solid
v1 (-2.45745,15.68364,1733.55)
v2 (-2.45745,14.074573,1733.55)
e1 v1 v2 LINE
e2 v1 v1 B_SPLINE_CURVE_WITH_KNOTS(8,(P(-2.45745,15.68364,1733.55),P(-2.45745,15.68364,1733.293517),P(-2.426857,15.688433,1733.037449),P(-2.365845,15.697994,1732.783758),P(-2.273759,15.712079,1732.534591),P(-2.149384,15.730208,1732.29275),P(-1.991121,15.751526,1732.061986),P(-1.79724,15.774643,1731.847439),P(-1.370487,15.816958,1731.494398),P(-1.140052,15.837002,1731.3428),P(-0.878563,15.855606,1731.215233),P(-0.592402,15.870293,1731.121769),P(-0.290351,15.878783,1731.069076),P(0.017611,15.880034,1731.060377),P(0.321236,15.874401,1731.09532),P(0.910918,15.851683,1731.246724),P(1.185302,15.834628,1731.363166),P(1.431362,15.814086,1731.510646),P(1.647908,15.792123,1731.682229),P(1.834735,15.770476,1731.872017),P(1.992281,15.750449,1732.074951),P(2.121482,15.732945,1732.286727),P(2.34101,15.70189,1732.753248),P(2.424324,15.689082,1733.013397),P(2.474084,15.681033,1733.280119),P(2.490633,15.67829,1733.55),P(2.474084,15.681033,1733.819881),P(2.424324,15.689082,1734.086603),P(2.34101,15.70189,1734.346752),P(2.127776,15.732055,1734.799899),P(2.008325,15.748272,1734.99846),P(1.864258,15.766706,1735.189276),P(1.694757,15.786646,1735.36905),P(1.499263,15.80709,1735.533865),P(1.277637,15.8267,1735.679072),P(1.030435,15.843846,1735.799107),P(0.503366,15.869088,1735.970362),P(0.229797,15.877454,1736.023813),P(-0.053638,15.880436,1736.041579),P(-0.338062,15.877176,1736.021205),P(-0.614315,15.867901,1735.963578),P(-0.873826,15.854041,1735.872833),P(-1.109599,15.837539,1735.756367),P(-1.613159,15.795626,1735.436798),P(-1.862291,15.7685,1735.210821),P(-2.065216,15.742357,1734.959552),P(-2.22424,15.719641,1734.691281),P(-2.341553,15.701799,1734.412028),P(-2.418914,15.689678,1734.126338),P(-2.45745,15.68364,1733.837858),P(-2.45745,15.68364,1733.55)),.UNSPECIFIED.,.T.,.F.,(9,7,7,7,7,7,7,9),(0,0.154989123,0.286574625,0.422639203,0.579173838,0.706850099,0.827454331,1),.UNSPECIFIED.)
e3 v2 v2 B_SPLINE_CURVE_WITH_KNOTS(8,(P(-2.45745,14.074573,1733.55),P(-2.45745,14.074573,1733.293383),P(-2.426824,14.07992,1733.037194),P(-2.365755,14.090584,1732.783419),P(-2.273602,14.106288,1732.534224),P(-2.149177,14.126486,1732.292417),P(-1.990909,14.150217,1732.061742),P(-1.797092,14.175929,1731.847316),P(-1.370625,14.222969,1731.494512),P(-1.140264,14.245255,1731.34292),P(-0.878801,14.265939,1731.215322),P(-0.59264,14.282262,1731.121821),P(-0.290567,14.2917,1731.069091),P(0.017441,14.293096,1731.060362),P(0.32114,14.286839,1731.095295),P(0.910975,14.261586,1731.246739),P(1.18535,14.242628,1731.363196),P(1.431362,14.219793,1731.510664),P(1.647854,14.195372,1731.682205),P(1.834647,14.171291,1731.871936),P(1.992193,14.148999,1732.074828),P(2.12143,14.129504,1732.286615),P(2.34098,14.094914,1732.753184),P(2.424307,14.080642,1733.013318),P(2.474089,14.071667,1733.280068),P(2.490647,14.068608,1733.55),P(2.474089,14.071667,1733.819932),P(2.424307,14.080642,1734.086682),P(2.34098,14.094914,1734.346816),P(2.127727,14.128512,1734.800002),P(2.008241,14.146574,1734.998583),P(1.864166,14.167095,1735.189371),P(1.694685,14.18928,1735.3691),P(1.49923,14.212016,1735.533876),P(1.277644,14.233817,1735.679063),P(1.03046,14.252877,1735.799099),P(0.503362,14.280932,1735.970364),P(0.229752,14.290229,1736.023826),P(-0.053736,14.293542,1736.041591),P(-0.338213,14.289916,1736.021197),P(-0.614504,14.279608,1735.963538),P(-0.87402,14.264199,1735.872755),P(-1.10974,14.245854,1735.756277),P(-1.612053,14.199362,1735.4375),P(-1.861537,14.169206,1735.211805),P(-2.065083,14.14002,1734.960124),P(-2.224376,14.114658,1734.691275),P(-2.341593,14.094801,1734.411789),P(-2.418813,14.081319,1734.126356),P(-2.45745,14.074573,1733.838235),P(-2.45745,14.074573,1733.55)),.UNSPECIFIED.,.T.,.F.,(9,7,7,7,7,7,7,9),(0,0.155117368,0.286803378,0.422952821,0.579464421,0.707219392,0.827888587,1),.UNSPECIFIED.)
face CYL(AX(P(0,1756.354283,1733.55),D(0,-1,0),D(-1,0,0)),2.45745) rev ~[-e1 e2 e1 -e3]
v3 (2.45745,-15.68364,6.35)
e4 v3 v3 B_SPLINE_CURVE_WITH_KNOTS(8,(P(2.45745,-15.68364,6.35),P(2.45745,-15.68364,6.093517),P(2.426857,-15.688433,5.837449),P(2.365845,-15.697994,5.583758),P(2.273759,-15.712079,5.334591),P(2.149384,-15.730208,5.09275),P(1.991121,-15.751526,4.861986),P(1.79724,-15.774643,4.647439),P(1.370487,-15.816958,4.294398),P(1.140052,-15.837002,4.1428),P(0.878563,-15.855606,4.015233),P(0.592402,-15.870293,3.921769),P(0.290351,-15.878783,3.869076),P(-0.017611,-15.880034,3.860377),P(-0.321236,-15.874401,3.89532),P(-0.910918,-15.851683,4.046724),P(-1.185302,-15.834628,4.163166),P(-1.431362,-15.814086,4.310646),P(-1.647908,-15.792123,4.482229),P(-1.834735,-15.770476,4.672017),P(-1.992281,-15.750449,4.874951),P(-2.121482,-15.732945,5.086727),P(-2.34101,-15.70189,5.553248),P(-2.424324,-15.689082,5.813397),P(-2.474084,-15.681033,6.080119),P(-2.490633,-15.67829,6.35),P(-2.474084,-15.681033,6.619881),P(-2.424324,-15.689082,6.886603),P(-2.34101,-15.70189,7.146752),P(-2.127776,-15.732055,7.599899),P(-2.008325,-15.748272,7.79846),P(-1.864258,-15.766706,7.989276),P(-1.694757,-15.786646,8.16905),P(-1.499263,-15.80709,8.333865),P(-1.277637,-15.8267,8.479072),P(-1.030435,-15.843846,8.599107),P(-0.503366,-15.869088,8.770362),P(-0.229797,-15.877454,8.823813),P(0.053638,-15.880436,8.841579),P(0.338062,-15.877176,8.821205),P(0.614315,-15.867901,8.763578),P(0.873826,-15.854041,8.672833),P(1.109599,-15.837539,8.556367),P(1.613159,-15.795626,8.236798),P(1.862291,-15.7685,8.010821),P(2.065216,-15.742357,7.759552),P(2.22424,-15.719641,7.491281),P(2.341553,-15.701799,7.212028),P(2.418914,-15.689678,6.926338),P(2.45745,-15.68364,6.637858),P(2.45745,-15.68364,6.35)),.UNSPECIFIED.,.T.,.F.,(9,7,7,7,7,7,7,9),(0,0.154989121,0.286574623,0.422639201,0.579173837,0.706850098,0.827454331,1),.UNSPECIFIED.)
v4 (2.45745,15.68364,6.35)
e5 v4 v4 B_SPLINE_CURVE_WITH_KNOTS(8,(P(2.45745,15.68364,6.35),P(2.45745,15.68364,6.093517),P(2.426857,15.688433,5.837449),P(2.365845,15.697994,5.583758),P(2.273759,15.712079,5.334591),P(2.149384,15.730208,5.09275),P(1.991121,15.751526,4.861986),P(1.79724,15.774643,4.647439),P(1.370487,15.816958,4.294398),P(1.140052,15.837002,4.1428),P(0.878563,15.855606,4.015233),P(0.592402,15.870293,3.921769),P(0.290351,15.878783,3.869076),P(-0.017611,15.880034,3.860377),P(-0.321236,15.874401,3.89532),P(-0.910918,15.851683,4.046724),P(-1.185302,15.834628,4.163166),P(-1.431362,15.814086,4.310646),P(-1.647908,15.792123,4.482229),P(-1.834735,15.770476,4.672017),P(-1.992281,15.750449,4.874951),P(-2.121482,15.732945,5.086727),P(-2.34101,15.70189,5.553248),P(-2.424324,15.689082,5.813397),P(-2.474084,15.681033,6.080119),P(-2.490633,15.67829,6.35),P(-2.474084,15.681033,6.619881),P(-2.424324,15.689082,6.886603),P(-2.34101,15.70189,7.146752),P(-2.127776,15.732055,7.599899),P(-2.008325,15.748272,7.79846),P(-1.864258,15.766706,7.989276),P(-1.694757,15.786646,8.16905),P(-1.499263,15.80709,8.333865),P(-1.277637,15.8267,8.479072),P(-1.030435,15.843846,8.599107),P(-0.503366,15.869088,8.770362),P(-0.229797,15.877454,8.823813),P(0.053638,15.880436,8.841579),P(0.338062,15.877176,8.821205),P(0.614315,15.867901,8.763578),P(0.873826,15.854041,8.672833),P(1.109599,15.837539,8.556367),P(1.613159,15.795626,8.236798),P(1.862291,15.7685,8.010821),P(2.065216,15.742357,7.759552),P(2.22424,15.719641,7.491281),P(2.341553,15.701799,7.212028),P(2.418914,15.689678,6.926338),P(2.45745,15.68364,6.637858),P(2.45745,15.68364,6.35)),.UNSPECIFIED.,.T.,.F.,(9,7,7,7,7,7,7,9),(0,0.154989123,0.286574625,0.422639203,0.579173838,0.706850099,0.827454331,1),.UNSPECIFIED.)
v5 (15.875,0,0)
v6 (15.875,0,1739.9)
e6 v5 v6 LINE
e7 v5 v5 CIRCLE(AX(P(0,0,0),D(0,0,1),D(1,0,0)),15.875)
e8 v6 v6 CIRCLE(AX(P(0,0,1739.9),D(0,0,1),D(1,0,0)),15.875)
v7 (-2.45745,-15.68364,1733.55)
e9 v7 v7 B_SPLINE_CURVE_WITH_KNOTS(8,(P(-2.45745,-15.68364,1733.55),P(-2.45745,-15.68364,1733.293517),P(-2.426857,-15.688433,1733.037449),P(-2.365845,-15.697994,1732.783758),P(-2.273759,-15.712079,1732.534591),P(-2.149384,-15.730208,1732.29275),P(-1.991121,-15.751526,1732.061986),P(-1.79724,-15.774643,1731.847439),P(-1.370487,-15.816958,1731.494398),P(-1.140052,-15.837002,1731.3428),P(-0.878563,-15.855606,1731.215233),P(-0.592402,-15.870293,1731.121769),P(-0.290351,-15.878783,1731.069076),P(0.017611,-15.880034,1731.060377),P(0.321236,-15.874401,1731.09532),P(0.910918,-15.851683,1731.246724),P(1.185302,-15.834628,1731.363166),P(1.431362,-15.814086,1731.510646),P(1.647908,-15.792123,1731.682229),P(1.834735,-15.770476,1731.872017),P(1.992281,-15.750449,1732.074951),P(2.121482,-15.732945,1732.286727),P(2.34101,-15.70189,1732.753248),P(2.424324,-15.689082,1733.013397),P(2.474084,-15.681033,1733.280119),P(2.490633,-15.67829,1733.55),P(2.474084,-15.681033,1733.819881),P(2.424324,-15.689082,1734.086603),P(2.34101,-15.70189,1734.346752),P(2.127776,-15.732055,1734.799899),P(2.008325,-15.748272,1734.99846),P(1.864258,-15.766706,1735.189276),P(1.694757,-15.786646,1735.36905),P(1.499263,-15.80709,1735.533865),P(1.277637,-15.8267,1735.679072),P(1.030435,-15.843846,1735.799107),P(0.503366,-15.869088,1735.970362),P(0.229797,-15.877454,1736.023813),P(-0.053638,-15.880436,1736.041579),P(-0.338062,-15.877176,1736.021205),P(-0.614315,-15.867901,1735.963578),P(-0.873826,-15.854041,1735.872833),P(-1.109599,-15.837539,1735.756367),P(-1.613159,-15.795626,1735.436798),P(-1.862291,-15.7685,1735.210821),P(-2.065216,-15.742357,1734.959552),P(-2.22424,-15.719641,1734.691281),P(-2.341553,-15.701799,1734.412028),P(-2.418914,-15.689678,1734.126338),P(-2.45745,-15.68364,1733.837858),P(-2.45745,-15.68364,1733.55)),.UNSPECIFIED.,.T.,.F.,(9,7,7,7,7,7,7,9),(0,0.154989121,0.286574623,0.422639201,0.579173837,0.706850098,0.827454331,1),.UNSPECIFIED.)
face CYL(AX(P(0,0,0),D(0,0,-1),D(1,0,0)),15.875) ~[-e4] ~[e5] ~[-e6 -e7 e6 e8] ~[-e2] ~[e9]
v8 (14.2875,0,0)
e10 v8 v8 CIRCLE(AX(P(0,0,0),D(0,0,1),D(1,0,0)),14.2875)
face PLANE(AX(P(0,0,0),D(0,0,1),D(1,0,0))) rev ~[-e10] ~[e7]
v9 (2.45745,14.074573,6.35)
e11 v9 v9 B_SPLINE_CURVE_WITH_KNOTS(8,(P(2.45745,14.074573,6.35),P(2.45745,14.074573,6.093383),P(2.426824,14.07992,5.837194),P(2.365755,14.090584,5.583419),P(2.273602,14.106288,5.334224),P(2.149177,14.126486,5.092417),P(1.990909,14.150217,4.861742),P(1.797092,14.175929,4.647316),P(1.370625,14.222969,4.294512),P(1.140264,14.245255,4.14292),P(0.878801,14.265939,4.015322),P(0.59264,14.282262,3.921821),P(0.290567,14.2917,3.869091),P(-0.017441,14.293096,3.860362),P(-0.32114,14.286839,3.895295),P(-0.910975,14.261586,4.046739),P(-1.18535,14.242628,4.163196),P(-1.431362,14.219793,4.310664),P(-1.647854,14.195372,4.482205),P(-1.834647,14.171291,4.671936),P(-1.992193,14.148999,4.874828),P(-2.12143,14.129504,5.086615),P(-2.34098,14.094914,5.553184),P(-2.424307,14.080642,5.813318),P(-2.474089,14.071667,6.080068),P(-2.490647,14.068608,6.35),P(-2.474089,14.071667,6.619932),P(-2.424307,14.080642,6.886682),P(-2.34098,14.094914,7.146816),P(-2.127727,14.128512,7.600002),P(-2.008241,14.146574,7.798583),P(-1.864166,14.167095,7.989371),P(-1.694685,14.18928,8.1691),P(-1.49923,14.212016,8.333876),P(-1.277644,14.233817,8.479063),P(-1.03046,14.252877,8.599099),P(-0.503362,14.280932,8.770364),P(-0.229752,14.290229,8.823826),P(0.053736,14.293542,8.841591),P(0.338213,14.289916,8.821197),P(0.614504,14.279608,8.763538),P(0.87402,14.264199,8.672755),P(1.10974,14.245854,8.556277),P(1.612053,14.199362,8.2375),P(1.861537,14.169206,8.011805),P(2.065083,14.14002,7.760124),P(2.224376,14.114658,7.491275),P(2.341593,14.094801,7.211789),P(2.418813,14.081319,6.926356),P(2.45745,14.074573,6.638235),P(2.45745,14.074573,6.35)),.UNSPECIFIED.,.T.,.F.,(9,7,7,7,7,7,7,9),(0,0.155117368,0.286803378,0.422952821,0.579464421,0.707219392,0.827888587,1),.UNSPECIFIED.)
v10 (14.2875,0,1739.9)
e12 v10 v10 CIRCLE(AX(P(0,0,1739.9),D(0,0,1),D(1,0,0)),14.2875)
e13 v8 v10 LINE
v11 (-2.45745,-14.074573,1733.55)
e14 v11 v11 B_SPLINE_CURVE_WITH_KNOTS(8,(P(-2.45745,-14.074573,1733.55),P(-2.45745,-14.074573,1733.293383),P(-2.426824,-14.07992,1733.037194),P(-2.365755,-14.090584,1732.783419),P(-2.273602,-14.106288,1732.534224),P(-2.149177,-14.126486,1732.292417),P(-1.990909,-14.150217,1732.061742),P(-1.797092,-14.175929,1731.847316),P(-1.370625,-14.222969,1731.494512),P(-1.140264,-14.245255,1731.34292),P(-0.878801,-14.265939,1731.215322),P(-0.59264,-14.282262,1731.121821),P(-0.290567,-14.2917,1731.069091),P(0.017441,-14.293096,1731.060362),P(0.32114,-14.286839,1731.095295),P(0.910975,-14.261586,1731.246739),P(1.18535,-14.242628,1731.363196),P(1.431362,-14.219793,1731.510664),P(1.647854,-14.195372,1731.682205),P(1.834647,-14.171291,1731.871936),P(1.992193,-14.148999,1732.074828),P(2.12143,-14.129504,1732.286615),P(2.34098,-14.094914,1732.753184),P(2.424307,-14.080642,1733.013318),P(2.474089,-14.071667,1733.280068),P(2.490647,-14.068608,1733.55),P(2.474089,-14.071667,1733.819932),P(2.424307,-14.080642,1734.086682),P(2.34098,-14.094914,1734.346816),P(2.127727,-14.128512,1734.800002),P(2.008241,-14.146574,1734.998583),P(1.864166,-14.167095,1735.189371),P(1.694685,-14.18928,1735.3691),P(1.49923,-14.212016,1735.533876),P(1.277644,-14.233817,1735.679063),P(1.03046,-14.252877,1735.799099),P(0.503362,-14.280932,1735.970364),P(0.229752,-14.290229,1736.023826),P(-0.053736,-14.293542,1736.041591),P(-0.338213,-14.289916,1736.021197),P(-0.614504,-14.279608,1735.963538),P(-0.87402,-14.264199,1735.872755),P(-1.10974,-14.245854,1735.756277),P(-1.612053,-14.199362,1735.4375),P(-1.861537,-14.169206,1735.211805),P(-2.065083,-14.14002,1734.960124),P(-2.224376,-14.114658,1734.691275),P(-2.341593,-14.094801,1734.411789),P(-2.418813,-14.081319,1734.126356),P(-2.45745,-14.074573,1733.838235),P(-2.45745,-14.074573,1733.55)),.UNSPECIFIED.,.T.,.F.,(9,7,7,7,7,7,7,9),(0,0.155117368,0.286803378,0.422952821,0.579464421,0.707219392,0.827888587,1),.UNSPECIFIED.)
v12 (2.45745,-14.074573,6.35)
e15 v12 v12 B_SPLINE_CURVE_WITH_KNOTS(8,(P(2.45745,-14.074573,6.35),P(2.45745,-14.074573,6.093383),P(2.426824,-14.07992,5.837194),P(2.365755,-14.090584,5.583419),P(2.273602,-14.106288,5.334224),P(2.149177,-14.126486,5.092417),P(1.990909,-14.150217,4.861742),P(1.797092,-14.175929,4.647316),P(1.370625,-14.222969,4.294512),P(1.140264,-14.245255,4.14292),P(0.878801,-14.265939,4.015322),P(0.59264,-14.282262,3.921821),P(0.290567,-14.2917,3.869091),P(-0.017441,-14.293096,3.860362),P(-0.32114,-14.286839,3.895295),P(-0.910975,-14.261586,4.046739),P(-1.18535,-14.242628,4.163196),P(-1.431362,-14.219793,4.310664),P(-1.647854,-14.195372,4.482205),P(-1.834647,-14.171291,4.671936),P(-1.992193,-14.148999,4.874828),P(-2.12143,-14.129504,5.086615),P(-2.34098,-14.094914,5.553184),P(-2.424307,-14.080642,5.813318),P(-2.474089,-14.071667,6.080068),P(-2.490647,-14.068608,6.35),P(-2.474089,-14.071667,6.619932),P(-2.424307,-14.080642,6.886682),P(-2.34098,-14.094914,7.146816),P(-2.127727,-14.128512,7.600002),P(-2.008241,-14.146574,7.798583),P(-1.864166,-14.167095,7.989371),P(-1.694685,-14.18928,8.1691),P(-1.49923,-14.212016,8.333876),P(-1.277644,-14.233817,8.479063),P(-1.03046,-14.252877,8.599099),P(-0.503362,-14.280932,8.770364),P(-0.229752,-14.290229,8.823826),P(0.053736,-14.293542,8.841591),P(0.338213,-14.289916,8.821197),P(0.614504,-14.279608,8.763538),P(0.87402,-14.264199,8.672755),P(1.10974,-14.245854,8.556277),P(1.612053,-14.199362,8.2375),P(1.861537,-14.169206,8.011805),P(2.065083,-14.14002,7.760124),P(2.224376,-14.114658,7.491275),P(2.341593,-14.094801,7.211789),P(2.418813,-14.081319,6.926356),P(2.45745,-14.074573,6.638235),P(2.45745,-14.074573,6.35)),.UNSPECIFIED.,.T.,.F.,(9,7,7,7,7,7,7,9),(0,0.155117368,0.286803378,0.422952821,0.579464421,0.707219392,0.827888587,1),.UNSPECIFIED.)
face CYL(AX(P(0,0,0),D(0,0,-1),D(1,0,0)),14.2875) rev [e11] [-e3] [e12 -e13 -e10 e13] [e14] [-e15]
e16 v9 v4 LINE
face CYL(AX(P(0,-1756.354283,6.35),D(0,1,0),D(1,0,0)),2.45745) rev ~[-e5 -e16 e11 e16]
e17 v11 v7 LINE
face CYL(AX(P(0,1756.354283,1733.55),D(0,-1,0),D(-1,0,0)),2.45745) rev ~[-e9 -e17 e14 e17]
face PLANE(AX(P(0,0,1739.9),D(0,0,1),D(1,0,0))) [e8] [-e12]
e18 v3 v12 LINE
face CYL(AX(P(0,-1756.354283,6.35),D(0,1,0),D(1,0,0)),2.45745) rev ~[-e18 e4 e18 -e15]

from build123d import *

# Parameters (mm, degrees)
SKETCH1_R                    = 15.875
SKETCH1_R_2                  = 14.2875
BOSS_EXTRUDE1_DEPTH          = 1739.9
F_10_0_1935_DIAMETER_HOLE1_D = 4.9149
F_10_0_1935_DIAMETER_HOLE2_D = 4.9149


with BuildPart() as part:
    # Sketch1 → Boss-Extrude1 (new body)
    with BuildSketch(Plane.XY):
        Circle(SKETCH1_R)
        Circle(SKETCH1_R_2, mode=Mode.SUBTRACT)
    extrude(amount=BOSS_EXTRUDE1_DEPTH)

    # #10 (0.1935) Diameter Hole1 (through all)
    with Locations(Plane(origin=(0, -15.875, 6.35), x_dir=(-1, 0, 0), z_dir=(0, -1, 0))):
        with Locations((0, 0)):
            Hole(F_10_0_1935_DIAMETER_HOLE1_D / 2)

    # #10 (0.1935) Diameter Hole2 (through all)
    with Locations(Plane(origin=(0, 15.875, 1733.55), x_dir=(1, 0, 0), z_dir=(0, 1, 0))):
        with Locations((0, 0)):
            Hole(F_10_0_1935_DIAMETER_HOLE2_D / 2)


solid = part.part
